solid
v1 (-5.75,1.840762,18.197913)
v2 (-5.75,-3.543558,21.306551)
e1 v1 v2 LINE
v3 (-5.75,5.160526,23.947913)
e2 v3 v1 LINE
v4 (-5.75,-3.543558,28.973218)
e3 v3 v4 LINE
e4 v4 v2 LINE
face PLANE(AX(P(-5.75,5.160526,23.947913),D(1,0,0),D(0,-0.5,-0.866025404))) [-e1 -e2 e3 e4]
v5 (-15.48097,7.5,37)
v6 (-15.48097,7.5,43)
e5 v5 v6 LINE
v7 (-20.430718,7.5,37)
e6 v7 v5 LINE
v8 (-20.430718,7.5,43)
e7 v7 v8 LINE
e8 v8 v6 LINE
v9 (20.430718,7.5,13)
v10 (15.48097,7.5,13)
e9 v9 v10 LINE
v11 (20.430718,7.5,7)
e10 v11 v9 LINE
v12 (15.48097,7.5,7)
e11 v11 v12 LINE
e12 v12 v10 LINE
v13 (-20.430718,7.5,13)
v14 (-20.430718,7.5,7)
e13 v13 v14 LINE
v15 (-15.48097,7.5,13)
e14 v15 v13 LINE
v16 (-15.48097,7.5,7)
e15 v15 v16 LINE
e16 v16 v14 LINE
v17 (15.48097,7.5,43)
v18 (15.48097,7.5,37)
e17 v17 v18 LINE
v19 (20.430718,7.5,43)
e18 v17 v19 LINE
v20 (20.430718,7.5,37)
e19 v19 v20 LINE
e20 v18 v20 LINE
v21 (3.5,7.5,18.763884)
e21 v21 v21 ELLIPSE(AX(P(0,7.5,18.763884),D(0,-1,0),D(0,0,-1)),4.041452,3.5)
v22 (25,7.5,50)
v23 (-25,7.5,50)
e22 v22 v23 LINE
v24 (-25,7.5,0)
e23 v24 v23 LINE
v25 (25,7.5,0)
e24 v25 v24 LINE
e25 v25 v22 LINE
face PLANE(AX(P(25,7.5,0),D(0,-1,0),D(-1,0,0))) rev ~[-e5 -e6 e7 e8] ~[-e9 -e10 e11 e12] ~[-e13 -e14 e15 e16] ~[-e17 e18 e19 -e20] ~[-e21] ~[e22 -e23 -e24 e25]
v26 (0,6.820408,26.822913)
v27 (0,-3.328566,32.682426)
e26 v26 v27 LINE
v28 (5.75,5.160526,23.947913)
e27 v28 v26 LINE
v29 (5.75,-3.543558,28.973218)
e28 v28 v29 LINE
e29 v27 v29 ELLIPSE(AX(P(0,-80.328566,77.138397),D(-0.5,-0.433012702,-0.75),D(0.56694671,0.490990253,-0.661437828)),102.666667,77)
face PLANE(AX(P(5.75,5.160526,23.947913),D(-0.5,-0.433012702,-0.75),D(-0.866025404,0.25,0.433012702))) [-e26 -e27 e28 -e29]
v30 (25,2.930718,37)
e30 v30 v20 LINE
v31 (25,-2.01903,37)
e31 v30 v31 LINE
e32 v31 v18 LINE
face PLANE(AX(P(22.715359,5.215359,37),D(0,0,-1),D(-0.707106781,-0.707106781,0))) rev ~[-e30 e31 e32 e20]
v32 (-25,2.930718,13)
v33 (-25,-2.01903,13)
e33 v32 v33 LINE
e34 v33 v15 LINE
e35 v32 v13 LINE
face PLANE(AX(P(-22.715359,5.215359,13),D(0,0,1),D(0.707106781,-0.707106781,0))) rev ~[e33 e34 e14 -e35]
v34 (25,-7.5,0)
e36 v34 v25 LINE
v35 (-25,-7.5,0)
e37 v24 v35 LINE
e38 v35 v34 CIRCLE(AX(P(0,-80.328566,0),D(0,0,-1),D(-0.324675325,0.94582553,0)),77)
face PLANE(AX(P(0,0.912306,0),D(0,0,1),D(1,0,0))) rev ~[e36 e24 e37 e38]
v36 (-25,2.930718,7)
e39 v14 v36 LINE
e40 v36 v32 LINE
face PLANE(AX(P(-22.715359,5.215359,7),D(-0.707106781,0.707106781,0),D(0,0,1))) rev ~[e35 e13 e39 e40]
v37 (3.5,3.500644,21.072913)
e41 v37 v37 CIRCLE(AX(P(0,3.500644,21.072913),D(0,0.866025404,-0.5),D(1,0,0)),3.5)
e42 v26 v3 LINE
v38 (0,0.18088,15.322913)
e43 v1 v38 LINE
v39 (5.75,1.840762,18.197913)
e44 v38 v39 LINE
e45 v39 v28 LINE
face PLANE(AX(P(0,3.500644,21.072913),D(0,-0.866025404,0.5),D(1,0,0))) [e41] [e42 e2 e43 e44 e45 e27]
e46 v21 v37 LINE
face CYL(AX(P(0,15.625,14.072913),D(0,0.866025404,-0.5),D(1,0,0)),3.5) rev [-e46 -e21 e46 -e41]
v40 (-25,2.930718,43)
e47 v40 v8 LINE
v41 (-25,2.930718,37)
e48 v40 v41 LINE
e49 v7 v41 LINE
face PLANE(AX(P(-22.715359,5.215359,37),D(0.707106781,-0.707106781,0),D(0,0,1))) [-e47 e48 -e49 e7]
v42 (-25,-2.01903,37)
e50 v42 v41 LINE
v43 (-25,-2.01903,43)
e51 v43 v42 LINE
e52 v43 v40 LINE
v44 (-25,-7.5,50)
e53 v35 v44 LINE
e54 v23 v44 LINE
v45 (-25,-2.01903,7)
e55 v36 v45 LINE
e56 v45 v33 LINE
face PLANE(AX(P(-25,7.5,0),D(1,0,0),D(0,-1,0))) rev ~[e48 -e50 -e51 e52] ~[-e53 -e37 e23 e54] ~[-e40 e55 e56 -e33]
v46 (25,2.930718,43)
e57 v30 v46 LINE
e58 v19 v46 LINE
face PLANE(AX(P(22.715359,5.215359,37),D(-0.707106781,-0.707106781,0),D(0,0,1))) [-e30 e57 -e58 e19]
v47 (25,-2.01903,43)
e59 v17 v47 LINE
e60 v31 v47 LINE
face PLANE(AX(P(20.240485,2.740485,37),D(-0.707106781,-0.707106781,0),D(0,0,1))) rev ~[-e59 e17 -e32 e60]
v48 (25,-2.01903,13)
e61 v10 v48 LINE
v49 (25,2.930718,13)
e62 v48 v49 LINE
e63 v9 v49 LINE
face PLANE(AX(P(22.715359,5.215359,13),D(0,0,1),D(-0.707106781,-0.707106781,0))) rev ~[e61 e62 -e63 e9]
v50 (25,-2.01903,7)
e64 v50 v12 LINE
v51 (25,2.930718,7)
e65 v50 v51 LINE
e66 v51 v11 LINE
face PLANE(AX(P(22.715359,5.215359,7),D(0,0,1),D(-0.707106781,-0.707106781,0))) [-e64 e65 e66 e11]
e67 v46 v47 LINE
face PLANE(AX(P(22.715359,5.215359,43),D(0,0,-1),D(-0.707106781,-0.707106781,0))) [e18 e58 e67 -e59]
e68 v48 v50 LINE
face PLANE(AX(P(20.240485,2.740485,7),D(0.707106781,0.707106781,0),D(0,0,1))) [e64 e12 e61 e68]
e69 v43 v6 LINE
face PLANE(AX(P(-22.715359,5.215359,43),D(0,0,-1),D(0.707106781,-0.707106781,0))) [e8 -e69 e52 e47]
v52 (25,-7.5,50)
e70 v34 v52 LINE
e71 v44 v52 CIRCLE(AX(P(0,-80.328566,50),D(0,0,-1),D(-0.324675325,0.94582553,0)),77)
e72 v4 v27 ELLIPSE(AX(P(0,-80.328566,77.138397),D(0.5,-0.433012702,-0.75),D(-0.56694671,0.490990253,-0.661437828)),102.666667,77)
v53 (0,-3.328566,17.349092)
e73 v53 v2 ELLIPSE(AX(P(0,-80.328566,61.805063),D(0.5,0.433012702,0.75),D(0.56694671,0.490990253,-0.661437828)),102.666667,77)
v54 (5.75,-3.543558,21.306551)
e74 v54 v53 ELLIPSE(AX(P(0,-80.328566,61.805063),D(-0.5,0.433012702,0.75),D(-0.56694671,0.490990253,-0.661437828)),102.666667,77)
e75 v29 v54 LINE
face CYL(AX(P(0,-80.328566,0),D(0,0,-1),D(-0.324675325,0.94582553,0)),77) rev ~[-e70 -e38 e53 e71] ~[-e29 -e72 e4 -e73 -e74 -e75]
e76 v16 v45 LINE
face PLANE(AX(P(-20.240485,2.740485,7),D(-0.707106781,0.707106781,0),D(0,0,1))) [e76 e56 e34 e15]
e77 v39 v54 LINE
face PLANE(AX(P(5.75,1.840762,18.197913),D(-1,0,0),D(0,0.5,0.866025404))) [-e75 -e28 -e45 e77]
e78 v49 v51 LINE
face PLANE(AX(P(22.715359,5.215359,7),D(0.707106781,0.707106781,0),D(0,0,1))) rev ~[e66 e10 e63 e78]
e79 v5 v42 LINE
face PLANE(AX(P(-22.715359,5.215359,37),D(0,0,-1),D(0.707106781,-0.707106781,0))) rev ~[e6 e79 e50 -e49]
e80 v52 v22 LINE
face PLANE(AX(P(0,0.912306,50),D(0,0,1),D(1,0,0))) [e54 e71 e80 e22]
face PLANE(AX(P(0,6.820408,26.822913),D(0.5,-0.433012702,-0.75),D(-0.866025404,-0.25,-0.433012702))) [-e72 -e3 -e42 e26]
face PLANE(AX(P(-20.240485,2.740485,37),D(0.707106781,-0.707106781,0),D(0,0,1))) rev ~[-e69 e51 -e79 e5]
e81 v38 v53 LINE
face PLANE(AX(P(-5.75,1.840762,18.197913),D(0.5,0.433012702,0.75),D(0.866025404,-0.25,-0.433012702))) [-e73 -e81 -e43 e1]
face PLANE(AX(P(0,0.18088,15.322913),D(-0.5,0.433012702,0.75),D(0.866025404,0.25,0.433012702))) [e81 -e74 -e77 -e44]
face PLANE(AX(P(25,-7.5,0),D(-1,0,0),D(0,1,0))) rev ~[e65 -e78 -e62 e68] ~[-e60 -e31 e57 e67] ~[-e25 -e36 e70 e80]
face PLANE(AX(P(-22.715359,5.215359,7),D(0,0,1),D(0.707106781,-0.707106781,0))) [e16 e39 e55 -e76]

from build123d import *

# Parameters (mm, degrees)
F1_DEPTH  = 50
F3_R      = 3.5
F4_DEPTH  = 25
F5_START  = 14
F5_DEPTH  = 18
F7_W      = 3.5
F7_H      = 6
F8_DEPTH  = 12.5
F10_W     = 3.5
F10_H     = 6
F11_DEPTH = 12.5


with BuildPart() as f1:
    # F0 (on Top) → F1 (new body)
    with BuildSketch(Plane.XY):
        with BuildLine():
            ThreePointArc((-25, -7.5), (0, -3.3285658241), (25, -7.5))
            Line((25, -7.5), (25, 7.5))
            Line((25, 7.5), (-25, 7.5))
            Line((-25, 7.5), (-25, -7.5))
        make_face()
    extrude(amount=F1_DEPTH)

    # F3 (on face) → F4 (cut)
    with BuildSketch(Plane(origin=(0, 5.625, -3.2475952642), x_dir=(1, 0, 0), z_dir=(0, -0.8660254038, 0.5))):
        with Locations((0, 20)):
            Circle(F3_R)
    extrude(amount=F4_DEPTH, mode=Mode.SUBTRACT)

    # F3 (on face) → F5 (cut)
    with BuildSketch(Plane(origin=(0, 5.625, -3.2475952642), x_dir=(1, 0, 0), z_dir=(0, -0.8660254038, 0.5)).offset(F5_START)):
        Polygon((-5.75, 23.3197640478), (-5.75, 16.6802359522), (0, 13.3604719043), (5.75, 16.6802359522), (5.75, 23.3197640478), (0, 26.6395280957), align=None)
        with Locations((0, 20)):
            Circle(F3_R, mode=Mode.SUBTRACT)
        with Locations((0, 20)):
            Circle(F3_R)
    extrude(amount=F5_DEPTH, mode=Mode.SUBTRACT)

    # F7 (on face) → F8 (cut, symmetric)
    with BuildSketch(Plane(origin=(8.75, -8.75, 0), x_dir=(-0.7071067812, -0.7071067812, 0), z_dir=(-0.7071067812, 0.7071067812, 0))):
        with Locations((-18, 10)):
            Rectangle(F7_W, F7_H)
        with Locations((-18, 40)):
            Rectangle(F7_W, F7_H)
    extrude(amount=F8_DEPTH, both=True, mode=Mode.SUBTRACT)

    # F10 (on face) → F11 (cut, symmetric)
    with BuildSketch(Plane(origin=(-8.75, -8.75, 0), x_dir=(0.7071067812, -0.7071067812, 0), z_dir=(-0.7071067812, -0.7071067812, 0))):
        with Locations((-18, 10)):
            Rectangle(F10_W, F10_H)
        with Locations((-18, 40)):
            Rectangle(F10_W, F10_H)
    extrude(amount=F11_DEPTH, both=True, mode=Mode.SUBTRACT)


solid = f1.part
